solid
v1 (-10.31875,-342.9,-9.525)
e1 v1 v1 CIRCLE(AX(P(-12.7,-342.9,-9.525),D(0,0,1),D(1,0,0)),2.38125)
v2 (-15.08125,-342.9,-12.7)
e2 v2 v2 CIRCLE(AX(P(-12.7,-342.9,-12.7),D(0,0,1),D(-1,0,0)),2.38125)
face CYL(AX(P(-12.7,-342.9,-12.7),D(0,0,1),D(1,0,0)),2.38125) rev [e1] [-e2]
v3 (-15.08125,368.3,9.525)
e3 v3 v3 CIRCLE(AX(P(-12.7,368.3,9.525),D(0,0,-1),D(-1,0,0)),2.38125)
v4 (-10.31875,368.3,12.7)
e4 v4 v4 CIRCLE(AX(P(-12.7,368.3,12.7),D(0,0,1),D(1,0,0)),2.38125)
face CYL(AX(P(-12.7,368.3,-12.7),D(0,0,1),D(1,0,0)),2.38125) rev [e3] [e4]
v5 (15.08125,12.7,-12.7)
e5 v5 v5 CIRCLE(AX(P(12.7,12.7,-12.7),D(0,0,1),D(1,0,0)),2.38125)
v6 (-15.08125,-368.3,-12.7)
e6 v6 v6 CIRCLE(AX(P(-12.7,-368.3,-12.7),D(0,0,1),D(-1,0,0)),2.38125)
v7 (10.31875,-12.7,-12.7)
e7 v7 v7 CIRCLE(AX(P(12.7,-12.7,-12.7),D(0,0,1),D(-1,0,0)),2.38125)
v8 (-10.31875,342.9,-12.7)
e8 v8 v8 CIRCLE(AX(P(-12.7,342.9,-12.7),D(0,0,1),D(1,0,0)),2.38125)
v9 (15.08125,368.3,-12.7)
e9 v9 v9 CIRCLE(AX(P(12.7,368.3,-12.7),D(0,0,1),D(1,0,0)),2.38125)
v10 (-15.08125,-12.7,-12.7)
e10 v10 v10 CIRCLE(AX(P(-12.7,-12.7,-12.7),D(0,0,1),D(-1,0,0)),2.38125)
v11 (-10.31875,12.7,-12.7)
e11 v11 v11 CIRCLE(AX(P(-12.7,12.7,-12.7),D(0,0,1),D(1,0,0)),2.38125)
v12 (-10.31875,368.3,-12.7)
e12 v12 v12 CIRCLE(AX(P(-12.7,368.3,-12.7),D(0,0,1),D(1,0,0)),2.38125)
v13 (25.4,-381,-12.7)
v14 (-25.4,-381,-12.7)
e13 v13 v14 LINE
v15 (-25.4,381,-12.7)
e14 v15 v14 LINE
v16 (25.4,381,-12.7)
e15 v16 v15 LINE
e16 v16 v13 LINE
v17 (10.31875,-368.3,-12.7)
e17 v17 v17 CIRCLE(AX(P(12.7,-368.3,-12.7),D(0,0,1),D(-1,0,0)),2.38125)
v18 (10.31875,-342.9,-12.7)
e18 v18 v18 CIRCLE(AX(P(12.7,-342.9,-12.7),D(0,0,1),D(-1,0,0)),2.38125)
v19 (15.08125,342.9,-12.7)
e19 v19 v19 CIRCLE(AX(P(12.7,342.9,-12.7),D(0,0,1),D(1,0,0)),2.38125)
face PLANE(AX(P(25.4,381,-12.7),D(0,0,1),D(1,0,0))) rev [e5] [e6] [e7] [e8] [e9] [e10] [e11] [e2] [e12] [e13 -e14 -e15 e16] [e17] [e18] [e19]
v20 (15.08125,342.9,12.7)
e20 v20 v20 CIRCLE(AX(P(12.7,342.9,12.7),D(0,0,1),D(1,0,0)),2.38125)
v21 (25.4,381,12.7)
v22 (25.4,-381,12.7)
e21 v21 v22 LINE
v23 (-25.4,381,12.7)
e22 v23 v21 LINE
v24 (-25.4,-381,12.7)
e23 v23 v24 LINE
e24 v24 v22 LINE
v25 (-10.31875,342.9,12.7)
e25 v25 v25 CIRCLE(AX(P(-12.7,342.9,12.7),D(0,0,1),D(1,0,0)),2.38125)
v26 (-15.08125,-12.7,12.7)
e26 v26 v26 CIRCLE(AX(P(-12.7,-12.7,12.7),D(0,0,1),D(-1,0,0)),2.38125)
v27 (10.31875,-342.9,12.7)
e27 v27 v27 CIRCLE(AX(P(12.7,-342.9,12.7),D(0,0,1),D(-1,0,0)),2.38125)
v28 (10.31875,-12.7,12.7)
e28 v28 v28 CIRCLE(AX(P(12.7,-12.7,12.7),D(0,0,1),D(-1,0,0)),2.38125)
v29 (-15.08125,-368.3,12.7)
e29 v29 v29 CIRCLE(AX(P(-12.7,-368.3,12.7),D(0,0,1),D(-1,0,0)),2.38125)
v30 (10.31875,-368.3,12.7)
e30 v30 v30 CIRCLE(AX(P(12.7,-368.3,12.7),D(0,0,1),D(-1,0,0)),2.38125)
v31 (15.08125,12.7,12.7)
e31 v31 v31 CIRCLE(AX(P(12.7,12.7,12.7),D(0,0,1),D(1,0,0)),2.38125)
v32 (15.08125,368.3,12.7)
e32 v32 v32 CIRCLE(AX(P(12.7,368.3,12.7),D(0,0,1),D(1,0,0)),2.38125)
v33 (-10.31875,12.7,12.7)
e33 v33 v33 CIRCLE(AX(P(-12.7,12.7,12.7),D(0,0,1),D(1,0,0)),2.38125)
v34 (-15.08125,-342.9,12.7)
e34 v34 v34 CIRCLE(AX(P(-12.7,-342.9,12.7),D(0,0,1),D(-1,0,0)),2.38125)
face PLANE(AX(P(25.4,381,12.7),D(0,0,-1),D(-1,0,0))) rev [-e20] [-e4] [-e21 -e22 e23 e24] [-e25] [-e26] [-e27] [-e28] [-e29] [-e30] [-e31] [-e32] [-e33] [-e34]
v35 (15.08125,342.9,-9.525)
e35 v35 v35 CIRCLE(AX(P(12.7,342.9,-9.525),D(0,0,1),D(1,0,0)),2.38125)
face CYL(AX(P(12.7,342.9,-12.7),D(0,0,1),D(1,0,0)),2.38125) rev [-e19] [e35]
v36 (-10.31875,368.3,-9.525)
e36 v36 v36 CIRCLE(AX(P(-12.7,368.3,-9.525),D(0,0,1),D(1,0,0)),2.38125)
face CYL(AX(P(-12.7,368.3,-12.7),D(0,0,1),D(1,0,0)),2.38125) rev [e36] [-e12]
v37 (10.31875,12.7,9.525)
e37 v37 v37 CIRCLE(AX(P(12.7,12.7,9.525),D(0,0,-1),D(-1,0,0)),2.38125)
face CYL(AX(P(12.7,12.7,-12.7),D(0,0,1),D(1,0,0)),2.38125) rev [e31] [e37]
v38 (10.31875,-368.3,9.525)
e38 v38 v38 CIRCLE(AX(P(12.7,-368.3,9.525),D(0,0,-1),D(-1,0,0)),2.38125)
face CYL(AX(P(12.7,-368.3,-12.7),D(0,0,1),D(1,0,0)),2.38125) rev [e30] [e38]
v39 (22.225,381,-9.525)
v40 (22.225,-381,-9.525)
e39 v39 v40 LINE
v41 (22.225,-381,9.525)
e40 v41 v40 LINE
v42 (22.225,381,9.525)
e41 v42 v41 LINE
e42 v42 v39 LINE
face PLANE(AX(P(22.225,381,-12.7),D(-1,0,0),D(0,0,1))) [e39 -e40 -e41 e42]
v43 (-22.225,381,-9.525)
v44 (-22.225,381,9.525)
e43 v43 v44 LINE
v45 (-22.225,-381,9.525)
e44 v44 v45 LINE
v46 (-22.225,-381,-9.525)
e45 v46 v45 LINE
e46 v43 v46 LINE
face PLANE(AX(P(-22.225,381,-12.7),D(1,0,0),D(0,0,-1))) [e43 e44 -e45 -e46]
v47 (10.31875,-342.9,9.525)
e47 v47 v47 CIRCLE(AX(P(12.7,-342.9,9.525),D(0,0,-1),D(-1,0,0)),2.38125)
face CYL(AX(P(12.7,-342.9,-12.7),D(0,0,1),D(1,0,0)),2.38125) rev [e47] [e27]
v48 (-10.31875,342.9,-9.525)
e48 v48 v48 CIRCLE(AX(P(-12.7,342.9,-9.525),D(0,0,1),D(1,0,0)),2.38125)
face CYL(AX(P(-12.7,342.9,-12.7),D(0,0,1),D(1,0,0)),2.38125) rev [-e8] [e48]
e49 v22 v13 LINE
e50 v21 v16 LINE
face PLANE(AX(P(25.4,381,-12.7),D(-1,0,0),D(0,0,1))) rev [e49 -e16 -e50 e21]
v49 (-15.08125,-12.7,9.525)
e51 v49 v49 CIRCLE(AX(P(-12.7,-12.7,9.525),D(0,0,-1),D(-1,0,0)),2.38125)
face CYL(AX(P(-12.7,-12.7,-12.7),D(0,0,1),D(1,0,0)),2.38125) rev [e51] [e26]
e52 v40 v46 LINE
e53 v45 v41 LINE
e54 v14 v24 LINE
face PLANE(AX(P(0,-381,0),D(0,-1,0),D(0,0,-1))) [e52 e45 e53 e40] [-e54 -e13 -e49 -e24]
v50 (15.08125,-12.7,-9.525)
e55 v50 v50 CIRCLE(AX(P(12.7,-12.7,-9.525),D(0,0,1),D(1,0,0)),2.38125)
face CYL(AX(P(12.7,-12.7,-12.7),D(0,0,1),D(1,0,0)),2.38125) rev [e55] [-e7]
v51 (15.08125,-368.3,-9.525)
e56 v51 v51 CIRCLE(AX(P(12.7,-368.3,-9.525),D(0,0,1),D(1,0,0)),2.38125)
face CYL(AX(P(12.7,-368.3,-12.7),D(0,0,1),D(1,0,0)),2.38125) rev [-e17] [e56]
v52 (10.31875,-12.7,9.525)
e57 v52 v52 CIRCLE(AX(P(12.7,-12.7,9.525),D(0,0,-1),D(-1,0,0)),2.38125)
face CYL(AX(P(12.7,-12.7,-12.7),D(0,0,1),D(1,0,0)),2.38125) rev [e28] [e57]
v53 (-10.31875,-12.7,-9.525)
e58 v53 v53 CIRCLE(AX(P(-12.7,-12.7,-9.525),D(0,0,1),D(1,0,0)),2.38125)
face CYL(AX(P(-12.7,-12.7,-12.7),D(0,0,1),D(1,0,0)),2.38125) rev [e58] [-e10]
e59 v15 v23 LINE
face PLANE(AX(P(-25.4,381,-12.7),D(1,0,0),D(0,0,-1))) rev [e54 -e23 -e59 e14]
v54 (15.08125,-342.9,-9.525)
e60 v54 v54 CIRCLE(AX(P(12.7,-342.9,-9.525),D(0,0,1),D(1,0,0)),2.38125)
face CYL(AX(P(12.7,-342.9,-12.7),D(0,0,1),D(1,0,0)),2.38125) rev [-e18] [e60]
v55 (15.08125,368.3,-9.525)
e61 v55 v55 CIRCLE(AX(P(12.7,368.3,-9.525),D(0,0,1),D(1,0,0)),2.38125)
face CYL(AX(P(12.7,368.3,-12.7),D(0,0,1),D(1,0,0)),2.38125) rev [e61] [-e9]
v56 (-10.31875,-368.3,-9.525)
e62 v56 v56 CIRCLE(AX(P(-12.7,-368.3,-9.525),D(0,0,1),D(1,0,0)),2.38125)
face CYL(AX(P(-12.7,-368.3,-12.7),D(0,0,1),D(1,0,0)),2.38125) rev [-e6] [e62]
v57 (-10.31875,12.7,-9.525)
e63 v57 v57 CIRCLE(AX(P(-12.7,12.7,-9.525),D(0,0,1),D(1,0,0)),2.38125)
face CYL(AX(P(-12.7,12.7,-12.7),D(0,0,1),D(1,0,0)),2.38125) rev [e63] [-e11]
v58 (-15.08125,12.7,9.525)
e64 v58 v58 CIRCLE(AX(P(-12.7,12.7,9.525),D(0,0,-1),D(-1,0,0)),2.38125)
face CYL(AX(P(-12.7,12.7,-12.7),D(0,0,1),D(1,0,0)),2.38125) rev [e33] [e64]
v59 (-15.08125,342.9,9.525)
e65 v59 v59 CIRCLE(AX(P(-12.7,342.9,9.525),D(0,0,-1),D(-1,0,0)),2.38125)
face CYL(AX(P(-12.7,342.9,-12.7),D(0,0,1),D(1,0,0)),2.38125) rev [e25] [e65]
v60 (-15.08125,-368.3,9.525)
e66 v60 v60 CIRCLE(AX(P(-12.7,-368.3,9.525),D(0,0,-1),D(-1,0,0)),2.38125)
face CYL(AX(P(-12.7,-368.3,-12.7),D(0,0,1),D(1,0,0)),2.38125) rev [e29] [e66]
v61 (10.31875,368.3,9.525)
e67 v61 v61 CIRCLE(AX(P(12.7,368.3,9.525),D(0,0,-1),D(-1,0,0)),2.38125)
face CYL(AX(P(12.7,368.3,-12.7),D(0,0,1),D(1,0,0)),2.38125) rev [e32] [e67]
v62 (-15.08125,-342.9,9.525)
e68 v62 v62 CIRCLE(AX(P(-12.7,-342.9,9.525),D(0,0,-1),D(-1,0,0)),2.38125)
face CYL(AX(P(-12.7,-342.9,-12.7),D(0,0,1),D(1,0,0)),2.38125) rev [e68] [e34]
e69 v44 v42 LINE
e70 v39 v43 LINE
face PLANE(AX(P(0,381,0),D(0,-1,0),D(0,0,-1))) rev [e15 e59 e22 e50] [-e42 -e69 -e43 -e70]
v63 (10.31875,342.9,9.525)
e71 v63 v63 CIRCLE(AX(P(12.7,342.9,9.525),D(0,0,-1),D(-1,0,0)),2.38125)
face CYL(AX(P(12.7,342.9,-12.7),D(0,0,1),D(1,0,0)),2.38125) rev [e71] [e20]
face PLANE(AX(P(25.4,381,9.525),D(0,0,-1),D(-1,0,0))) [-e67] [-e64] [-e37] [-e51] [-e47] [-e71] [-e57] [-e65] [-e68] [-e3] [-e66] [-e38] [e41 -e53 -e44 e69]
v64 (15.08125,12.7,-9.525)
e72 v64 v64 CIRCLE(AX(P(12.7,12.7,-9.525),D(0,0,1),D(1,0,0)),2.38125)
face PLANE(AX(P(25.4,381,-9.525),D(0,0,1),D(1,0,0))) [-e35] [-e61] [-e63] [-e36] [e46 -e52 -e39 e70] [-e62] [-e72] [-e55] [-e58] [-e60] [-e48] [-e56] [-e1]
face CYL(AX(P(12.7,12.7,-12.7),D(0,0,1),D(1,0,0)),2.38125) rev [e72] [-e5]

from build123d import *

# Parameters (mm, degrees)
SKETCH1_W               = 50.8
SKETCH1_H               = 25.4
BOSS_EXTRUDE1_DEPTH     = 381
SHELL1_T                = -3.175
CUT_EXTRUDE2_DEPTH      = 383.689587002
CUT_EXTRUDE2_DEPTH_BACK = 383.689587002
SKETCH5_R               = 2.38125


with BuildPart() as part:
    # Sketch1 → Boss-Extrude1 (new, symmetric)
    with BuildSketch(Plane(origin=(0, 0, 0), x_dir=(1, 0, 0), z_dir=(0, 1, 0))):
        Rectangle(SKETCH1_W, SKETCH1_H)
    extrude(amount=BOSS_EXTRUDE1_DEPTH, both=True)

    # Shell1
    shell1_openings = [part.faces().sort_by_distance(p)[0] for p in [
        (0, 381, 0),
        (0, -381, 0),
    ]]
    offset(amount=SHELL1_T, openings=shell1_openings, kind=Kind.INTERSECTION)

    # Sketch5 → Cut-Extrude2 (cut, two sides: drawn at the far end of the back side and taken through both)
    with BuildSketch(Plane.XY.offset(12.7).offset(-CUT_EXTRUDE2_DEPTH_BACK)):
        with Locations((-12.7, 368.3)):
            Circle(SKETCH5_R)
        with Locations((12.7, 368.3)):
            Circle(SKETCH5_R)
        with Locations((12.7, 342.9)):
            Circle(SKETCH5_R)
        with Locations((-12.7, 342.9)):
            Circle(SKETCH5_R)
        with Locations((-12.7, -342.9)):
            Circle(SKETCH5_R)
        with Locations((12.7, -342.9)):
            Circle(SKETCH5_R)
        with Locations((12.7, -368.3)):
            Circle(SKETCH5_R)
        with Locations((-12.7, -368.3)):
            Circle(SKETCH5_R)
        with Locations((-12.7, 12.7)):
            Circle(SKETCH5_R)
        with Locations((12.7, 12.7)):
            Circle(SKETCH5_R)
        with Locations((12.7, -12.7)):
            Circle(SKETCH5_R)
        with Locations((-12.7, -12.7)):
            Circle(SKETCH5_R)
    extrude(amount=CUT_EXTRUDE2_DEPTH + CUT_EXTRUDE2_DEPTH_BACK, mode=Mode.SUBTRACT)


solid = part.part
